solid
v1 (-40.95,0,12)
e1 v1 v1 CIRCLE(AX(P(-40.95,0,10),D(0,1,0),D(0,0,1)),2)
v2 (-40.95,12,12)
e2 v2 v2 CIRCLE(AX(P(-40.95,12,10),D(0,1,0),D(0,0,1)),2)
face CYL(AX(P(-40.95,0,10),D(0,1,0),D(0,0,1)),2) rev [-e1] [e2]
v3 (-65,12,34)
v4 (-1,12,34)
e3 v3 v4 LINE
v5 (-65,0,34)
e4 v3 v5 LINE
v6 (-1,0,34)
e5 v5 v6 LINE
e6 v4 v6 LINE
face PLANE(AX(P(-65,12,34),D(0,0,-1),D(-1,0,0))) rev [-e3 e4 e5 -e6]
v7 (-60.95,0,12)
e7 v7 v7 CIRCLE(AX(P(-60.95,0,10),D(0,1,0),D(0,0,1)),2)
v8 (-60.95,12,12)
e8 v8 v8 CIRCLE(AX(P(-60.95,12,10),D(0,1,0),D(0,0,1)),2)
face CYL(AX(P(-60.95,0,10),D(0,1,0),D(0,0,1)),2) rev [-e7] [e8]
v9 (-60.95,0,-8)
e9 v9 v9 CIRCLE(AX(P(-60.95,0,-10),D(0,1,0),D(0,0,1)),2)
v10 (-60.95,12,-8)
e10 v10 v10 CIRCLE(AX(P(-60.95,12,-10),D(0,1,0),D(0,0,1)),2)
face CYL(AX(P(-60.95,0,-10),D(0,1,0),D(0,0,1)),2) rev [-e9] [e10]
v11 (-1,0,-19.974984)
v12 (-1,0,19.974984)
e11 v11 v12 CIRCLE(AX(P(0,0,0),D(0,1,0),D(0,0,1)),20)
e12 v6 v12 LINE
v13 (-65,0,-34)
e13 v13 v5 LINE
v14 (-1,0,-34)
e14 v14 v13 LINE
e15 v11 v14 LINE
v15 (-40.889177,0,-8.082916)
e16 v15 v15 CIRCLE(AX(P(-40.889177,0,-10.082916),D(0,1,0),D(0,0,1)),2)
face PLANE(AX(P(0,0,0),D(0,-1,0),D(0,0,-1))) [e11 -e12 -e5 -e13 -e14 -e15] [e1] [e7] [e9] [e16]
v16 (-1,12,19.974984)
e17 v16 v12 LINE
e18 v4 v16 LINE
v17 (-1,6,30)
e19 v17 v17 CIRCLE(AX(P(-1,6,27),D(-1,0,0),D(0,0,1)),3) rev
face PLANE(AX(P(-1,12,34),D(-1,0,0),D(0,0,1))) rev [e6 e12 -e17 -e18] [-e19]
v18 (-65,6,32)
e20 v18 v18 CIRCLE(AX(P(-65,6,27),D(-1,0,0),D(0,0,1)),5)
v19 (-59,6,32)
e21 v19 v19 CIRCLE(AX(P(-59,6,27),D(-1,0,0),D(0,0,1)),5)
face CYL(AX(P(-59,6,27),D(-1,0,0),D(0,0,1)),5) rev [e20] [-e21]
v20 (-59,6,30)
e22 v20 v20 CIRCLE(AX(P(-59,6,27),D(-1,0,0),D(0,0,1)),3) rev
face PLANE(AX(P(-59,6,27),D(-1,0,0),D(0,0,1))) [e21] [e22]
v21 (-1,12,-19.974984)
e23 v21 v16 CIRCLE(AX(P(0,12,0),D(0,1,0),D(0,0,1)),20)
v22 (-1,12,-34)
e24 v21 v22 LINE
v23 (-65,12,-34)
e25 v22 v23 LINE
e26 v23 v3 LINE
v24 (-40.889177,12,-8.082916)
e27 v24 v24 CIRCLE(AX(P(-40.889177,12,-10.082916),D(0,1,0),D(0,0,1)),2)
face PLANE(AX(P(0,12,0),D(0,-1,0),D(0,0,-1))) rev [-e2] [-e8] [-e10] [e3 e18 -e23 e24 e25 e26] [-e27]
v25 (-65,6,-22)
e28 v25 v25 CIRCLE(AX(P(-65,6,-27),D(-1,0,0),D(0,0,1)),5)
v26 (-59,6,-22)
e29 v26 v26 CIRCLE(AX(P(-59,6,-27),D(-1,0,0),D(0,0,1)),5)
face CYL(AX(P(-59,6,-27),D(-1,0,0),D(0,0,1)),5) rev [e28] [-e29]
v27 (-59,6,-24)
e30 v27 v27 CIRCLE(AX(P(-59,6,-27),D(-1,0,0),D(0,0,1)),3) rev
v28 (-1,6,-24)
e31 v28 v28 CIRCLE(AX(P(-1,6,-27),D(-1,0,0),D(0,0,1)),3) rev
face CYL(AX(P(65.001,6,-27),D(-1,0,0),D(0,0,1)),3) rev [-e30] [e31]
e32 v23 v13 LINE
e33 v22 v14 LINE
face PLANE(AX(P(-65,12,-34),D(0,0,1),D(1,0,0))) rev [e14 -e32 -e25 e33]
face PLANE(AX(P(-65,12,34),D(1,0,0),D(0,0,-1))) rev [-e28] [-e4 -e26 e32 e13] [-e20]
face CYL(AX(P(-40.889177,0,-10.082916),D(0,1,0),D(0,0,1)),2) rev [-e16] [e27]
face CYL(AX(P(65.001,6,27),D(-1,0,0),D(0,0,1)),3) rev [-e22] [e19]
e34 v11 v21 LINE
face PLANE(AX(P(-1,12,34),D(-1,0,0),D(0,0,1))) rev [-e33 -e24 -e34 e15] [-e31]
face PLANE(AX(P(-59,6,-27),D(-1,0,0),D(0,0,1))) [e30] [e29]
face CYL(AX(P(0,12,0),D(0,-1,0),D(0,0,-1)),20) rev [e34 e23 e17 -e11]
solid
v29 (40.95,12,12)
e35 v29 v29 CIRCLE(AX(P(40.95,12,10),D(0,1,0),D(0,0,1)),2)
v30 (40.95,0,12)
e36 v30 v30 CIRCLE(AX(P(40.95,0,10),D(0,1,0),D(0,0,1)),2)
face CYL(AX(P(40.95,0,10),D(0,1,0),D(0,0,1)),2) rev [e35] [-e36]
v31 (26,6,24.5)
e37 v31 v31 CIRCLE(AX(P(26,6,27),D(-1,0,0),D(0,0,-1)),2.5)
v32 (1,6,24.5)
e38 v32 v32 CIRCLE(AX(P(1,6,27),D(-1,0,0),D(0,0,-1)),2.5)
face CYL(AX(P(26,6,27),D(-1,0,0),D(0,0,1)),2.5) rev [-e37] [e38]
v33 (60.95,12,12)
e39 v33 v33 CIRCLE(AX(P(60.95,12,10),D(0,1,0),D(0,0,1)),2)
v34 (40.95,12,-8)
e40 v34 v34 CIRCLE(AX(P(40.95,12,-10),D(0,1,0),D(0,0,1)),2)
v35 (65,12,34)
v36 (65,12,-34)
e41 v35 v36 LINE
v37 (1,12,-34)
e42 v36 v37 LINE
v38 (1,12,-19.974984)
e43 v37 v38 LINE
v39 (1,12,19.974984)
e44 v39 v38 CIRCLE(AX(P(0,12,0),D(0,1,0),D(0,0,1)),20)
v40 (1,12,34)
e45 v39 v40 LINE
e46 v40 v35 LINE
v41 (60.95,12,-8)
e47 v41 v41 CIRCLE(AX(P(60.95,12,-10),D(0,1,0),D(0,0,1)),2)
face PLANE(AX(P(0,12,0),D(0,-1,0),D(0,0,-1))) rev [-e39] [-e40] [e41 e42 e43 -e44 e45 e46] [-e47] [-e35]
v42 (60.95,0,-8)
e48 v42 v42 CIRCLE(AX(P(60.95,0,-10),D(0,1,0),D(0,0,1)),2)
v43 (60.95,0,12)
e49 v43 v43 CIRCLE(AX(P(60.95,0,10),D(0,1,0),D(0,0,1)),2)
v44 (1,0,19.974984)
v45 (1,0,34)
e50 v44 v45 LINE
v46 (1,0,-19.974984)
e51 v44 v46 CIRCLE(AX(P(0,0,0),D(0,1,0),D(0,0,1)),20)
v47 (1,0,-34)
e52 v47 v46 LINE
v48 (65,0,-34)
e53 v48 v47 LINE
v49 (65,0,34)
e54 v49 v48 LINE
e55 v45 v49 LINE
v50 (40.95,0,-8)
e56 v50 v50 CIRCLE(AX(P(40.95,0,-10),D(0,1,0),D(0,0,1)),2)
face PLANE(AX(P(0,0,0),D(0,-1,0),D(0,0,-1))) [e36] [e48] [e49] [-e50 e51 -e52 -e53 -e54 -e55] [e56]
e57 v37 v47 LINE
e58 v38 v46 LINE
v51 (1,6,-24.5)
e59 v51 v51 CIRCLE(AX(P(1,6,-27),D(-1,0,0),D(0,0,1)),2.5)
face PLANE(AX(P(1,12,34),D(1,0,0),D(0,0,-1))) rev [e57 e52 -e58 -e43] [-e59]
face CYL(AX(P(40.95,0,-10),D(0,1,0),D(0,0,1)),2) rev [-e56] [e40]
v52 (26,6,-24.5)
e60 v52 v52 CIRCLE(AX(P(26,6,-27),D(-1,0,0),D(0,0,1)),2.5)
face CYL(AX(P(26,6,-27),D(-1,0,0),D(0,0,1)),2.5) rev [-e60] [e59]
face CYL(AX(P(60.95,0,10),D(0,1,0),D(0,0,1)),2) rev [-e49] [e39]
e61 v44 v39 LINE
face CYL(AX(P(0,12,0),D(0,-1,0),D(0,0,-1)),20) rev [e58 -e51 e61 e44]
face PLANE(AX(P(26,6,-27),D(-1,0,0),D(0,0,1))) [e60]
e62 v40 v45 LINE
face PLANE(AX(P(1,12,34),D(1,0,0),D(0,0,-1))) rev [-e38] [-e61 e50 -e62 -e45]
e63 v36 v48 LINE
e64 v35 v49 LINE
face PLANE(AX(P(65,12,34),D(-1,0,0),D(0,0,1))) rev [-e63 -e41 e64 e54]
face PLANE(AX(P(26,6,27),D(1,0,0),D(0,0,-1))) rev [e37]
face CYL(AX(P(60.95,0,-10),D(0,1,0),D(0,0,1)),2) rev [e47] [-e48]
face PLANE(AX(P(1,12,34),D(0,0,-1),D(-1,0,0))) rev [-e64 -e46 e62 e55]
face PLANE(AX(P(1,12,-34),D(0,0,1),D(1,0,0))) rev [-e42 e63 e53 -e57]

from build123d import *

# Parameters (mm, degrees)
SKETCH1_W             = 64
SKETCH1_H             = 68
BOSS_EXTRUDE1_DEPTH   = 12
BOSS_EXTRUDE1_2_DEPTH = 12
SKETCH2_R             = 20
CUT_EXTRUDE1_DEPTH    = 75.330343737
SKETCH3_R             = 2
CUT_EXTRUDE2_DEPTH    = 75.330343737
SKETCH5_R             = 2
CUT_EXTRUDE3_DEPTH    = 75.330343737
SKETCH6_R             = 3
CUT_EXTRUDE4_DEPTH    = 64
SKETCH7_R             = 5
CUT_EXTRUDE5_DEPTH    = 6
SKETCH8_R             = 2.5
CUT_EXTRUDE6_DEPTH    = 25


with BuildPart() as part:
    # Sketch1 → Boss-Extrude1 (new body)
    with BuildSketch(Plane(origin=(0, 0, 0), x_dir=(1, 0, 0), z_dir=(0, 1, 0))):
        with Locations((33, 0)):
            Rectangle(SKETCH1_W, SKETCH1_H)
    extrude(amount=BOSS_EXTRUDE1_DEPTH)


with BuildPart() as body_2:
    # Sketch1 → Boss-Extrude1 2 (new body)
    with BuildSketch(Plane(origin=(0, 0, 0), x_dir=(1, 0, 0), z_dir=(0, 1, 0))):
        with Locations((-33, 0)):
            Rectangle(SKETCH1_W, SKETCH1_H)
    extrude(amount=BOSS_EXTRUDE1_2_DEPTH)


with BuildPart() as cut_extrude1_tool:
    # Sketch2 → Cut-Extrude1 (new, through all)
    with BuildSketch(Plane(origin=(0, 0, 0), x_dir=(1, 0, 0), z_dir=(0, 1, 0))):
        Circle(SKETCH2_R)
    extrude(amount=CUT_EXTRUDE1_DEPTH)


with BuildPart() as part_1:
    add(part.part)

    # Cut-Extrude1: cut by cut_extrude1_tool
    add(cut_extrude1_tool.part, mode=Mode.SUBTRACT)

    # Sketch5 → Cut-Extrude3 (cut, through all)
    with BuildSketch(Plane(origin=(0, 12, 0), x_dir=(1, 0, 0), z_dir=(0, 1, 0))):
        with Locations(Location((40.95, 10, 0), (0, 0, 270))):
            Circle(SKETCH5_R)
        with Locations(Location((60.95, 10, 0), (0, 0, 270))):
            Circle(SKETCH5_R)
        with Locations(Location((60.95, -10, 0), (0, 0, 270))):
            Circle(SKETCH5_R)
        with Locations(Location((40.95, -10, 0), (0, 0, 270))):
            Circle(SKETCH5_R)
    extrude(amount=-CUT_EXTRUDE3_DEPTH, mode=Mode.SUBTRACT)

    # Sketch8 → Cut-Extrude6 (cut)
    with BuildSketch(Plane.ZY.offset(-1)):
        with Locations((-27, 6)):
            Circle(SKETCH8_R)
        with Locations(Location((27, 6, 0), (0, 0, 180))):
            Circle(SKETCH8_R)
    extrude(amount=-CUT_EXTRUDE6_DEPTH, mode=Mode.SUBTRACT)


with BuildPart() as body_2_1:
    add(body_2.part)

    # Cut-Extrude1: cut by cut_extrude1_tool
    add(cut_extrude1_tool.part, mode=Mode.SUBTRACT)

    # Sketch3 → Cut-Extrude2 (cut, through all)
    with BuildSketch(Plane(origin=(0, 12, 0), x_dir=(1, 0, 0), z_dir=(0, 1, 0))):
        with Locations(Location((-60.95, 10, 0), (0, 0, 270))):
            Circle(SKETCH3_R)
        with Locations(Location((-40.889177155, 10.082916262, 0), (0, 0, 270))):
            Circle(SKETCH3_R)
        with Locations(Location((-40.95, -10, 0), (0, 0, 270))):
            Circle(SKETCH3_R)
        with Locations(Location((-60.95, -10, 0), (0, 0, 270))):
            Circle(SKETCH3_R)
    extrude(amount=-CUT_EXTRUDE2_DEPTH, mode=Mode.SUBTRACT)

    # Sketch6 → Cut-Extrude4 (cut)
    with BuildSketch(Plane.ZY.offset(65)):
        with Locations((-27, 6)):
            Circle(SKETCH6_R)
        with Locations((27, 6)):
            Circle(SKETCH6_R)
    extrude(amount=-CUT_EXTRUDE4_DEPTH, mode=Mode.SUBTRACT)

    # Sketch7 → Cut-Extrude5 (cut)
    with BuildSketch(Plane.ZY.offset(65)):
        with Locations((-27, 6)):
            Circle(SKETCH7_R)
        with Locations((27, 6)):
            Circle(SKETCH7_R)
    extrude(amount=-CUT_EXTRUDE5_DEPTH, mode=Mode.SUBTRACT)


solid = Compound([part_1.part, body_2_1.part])
